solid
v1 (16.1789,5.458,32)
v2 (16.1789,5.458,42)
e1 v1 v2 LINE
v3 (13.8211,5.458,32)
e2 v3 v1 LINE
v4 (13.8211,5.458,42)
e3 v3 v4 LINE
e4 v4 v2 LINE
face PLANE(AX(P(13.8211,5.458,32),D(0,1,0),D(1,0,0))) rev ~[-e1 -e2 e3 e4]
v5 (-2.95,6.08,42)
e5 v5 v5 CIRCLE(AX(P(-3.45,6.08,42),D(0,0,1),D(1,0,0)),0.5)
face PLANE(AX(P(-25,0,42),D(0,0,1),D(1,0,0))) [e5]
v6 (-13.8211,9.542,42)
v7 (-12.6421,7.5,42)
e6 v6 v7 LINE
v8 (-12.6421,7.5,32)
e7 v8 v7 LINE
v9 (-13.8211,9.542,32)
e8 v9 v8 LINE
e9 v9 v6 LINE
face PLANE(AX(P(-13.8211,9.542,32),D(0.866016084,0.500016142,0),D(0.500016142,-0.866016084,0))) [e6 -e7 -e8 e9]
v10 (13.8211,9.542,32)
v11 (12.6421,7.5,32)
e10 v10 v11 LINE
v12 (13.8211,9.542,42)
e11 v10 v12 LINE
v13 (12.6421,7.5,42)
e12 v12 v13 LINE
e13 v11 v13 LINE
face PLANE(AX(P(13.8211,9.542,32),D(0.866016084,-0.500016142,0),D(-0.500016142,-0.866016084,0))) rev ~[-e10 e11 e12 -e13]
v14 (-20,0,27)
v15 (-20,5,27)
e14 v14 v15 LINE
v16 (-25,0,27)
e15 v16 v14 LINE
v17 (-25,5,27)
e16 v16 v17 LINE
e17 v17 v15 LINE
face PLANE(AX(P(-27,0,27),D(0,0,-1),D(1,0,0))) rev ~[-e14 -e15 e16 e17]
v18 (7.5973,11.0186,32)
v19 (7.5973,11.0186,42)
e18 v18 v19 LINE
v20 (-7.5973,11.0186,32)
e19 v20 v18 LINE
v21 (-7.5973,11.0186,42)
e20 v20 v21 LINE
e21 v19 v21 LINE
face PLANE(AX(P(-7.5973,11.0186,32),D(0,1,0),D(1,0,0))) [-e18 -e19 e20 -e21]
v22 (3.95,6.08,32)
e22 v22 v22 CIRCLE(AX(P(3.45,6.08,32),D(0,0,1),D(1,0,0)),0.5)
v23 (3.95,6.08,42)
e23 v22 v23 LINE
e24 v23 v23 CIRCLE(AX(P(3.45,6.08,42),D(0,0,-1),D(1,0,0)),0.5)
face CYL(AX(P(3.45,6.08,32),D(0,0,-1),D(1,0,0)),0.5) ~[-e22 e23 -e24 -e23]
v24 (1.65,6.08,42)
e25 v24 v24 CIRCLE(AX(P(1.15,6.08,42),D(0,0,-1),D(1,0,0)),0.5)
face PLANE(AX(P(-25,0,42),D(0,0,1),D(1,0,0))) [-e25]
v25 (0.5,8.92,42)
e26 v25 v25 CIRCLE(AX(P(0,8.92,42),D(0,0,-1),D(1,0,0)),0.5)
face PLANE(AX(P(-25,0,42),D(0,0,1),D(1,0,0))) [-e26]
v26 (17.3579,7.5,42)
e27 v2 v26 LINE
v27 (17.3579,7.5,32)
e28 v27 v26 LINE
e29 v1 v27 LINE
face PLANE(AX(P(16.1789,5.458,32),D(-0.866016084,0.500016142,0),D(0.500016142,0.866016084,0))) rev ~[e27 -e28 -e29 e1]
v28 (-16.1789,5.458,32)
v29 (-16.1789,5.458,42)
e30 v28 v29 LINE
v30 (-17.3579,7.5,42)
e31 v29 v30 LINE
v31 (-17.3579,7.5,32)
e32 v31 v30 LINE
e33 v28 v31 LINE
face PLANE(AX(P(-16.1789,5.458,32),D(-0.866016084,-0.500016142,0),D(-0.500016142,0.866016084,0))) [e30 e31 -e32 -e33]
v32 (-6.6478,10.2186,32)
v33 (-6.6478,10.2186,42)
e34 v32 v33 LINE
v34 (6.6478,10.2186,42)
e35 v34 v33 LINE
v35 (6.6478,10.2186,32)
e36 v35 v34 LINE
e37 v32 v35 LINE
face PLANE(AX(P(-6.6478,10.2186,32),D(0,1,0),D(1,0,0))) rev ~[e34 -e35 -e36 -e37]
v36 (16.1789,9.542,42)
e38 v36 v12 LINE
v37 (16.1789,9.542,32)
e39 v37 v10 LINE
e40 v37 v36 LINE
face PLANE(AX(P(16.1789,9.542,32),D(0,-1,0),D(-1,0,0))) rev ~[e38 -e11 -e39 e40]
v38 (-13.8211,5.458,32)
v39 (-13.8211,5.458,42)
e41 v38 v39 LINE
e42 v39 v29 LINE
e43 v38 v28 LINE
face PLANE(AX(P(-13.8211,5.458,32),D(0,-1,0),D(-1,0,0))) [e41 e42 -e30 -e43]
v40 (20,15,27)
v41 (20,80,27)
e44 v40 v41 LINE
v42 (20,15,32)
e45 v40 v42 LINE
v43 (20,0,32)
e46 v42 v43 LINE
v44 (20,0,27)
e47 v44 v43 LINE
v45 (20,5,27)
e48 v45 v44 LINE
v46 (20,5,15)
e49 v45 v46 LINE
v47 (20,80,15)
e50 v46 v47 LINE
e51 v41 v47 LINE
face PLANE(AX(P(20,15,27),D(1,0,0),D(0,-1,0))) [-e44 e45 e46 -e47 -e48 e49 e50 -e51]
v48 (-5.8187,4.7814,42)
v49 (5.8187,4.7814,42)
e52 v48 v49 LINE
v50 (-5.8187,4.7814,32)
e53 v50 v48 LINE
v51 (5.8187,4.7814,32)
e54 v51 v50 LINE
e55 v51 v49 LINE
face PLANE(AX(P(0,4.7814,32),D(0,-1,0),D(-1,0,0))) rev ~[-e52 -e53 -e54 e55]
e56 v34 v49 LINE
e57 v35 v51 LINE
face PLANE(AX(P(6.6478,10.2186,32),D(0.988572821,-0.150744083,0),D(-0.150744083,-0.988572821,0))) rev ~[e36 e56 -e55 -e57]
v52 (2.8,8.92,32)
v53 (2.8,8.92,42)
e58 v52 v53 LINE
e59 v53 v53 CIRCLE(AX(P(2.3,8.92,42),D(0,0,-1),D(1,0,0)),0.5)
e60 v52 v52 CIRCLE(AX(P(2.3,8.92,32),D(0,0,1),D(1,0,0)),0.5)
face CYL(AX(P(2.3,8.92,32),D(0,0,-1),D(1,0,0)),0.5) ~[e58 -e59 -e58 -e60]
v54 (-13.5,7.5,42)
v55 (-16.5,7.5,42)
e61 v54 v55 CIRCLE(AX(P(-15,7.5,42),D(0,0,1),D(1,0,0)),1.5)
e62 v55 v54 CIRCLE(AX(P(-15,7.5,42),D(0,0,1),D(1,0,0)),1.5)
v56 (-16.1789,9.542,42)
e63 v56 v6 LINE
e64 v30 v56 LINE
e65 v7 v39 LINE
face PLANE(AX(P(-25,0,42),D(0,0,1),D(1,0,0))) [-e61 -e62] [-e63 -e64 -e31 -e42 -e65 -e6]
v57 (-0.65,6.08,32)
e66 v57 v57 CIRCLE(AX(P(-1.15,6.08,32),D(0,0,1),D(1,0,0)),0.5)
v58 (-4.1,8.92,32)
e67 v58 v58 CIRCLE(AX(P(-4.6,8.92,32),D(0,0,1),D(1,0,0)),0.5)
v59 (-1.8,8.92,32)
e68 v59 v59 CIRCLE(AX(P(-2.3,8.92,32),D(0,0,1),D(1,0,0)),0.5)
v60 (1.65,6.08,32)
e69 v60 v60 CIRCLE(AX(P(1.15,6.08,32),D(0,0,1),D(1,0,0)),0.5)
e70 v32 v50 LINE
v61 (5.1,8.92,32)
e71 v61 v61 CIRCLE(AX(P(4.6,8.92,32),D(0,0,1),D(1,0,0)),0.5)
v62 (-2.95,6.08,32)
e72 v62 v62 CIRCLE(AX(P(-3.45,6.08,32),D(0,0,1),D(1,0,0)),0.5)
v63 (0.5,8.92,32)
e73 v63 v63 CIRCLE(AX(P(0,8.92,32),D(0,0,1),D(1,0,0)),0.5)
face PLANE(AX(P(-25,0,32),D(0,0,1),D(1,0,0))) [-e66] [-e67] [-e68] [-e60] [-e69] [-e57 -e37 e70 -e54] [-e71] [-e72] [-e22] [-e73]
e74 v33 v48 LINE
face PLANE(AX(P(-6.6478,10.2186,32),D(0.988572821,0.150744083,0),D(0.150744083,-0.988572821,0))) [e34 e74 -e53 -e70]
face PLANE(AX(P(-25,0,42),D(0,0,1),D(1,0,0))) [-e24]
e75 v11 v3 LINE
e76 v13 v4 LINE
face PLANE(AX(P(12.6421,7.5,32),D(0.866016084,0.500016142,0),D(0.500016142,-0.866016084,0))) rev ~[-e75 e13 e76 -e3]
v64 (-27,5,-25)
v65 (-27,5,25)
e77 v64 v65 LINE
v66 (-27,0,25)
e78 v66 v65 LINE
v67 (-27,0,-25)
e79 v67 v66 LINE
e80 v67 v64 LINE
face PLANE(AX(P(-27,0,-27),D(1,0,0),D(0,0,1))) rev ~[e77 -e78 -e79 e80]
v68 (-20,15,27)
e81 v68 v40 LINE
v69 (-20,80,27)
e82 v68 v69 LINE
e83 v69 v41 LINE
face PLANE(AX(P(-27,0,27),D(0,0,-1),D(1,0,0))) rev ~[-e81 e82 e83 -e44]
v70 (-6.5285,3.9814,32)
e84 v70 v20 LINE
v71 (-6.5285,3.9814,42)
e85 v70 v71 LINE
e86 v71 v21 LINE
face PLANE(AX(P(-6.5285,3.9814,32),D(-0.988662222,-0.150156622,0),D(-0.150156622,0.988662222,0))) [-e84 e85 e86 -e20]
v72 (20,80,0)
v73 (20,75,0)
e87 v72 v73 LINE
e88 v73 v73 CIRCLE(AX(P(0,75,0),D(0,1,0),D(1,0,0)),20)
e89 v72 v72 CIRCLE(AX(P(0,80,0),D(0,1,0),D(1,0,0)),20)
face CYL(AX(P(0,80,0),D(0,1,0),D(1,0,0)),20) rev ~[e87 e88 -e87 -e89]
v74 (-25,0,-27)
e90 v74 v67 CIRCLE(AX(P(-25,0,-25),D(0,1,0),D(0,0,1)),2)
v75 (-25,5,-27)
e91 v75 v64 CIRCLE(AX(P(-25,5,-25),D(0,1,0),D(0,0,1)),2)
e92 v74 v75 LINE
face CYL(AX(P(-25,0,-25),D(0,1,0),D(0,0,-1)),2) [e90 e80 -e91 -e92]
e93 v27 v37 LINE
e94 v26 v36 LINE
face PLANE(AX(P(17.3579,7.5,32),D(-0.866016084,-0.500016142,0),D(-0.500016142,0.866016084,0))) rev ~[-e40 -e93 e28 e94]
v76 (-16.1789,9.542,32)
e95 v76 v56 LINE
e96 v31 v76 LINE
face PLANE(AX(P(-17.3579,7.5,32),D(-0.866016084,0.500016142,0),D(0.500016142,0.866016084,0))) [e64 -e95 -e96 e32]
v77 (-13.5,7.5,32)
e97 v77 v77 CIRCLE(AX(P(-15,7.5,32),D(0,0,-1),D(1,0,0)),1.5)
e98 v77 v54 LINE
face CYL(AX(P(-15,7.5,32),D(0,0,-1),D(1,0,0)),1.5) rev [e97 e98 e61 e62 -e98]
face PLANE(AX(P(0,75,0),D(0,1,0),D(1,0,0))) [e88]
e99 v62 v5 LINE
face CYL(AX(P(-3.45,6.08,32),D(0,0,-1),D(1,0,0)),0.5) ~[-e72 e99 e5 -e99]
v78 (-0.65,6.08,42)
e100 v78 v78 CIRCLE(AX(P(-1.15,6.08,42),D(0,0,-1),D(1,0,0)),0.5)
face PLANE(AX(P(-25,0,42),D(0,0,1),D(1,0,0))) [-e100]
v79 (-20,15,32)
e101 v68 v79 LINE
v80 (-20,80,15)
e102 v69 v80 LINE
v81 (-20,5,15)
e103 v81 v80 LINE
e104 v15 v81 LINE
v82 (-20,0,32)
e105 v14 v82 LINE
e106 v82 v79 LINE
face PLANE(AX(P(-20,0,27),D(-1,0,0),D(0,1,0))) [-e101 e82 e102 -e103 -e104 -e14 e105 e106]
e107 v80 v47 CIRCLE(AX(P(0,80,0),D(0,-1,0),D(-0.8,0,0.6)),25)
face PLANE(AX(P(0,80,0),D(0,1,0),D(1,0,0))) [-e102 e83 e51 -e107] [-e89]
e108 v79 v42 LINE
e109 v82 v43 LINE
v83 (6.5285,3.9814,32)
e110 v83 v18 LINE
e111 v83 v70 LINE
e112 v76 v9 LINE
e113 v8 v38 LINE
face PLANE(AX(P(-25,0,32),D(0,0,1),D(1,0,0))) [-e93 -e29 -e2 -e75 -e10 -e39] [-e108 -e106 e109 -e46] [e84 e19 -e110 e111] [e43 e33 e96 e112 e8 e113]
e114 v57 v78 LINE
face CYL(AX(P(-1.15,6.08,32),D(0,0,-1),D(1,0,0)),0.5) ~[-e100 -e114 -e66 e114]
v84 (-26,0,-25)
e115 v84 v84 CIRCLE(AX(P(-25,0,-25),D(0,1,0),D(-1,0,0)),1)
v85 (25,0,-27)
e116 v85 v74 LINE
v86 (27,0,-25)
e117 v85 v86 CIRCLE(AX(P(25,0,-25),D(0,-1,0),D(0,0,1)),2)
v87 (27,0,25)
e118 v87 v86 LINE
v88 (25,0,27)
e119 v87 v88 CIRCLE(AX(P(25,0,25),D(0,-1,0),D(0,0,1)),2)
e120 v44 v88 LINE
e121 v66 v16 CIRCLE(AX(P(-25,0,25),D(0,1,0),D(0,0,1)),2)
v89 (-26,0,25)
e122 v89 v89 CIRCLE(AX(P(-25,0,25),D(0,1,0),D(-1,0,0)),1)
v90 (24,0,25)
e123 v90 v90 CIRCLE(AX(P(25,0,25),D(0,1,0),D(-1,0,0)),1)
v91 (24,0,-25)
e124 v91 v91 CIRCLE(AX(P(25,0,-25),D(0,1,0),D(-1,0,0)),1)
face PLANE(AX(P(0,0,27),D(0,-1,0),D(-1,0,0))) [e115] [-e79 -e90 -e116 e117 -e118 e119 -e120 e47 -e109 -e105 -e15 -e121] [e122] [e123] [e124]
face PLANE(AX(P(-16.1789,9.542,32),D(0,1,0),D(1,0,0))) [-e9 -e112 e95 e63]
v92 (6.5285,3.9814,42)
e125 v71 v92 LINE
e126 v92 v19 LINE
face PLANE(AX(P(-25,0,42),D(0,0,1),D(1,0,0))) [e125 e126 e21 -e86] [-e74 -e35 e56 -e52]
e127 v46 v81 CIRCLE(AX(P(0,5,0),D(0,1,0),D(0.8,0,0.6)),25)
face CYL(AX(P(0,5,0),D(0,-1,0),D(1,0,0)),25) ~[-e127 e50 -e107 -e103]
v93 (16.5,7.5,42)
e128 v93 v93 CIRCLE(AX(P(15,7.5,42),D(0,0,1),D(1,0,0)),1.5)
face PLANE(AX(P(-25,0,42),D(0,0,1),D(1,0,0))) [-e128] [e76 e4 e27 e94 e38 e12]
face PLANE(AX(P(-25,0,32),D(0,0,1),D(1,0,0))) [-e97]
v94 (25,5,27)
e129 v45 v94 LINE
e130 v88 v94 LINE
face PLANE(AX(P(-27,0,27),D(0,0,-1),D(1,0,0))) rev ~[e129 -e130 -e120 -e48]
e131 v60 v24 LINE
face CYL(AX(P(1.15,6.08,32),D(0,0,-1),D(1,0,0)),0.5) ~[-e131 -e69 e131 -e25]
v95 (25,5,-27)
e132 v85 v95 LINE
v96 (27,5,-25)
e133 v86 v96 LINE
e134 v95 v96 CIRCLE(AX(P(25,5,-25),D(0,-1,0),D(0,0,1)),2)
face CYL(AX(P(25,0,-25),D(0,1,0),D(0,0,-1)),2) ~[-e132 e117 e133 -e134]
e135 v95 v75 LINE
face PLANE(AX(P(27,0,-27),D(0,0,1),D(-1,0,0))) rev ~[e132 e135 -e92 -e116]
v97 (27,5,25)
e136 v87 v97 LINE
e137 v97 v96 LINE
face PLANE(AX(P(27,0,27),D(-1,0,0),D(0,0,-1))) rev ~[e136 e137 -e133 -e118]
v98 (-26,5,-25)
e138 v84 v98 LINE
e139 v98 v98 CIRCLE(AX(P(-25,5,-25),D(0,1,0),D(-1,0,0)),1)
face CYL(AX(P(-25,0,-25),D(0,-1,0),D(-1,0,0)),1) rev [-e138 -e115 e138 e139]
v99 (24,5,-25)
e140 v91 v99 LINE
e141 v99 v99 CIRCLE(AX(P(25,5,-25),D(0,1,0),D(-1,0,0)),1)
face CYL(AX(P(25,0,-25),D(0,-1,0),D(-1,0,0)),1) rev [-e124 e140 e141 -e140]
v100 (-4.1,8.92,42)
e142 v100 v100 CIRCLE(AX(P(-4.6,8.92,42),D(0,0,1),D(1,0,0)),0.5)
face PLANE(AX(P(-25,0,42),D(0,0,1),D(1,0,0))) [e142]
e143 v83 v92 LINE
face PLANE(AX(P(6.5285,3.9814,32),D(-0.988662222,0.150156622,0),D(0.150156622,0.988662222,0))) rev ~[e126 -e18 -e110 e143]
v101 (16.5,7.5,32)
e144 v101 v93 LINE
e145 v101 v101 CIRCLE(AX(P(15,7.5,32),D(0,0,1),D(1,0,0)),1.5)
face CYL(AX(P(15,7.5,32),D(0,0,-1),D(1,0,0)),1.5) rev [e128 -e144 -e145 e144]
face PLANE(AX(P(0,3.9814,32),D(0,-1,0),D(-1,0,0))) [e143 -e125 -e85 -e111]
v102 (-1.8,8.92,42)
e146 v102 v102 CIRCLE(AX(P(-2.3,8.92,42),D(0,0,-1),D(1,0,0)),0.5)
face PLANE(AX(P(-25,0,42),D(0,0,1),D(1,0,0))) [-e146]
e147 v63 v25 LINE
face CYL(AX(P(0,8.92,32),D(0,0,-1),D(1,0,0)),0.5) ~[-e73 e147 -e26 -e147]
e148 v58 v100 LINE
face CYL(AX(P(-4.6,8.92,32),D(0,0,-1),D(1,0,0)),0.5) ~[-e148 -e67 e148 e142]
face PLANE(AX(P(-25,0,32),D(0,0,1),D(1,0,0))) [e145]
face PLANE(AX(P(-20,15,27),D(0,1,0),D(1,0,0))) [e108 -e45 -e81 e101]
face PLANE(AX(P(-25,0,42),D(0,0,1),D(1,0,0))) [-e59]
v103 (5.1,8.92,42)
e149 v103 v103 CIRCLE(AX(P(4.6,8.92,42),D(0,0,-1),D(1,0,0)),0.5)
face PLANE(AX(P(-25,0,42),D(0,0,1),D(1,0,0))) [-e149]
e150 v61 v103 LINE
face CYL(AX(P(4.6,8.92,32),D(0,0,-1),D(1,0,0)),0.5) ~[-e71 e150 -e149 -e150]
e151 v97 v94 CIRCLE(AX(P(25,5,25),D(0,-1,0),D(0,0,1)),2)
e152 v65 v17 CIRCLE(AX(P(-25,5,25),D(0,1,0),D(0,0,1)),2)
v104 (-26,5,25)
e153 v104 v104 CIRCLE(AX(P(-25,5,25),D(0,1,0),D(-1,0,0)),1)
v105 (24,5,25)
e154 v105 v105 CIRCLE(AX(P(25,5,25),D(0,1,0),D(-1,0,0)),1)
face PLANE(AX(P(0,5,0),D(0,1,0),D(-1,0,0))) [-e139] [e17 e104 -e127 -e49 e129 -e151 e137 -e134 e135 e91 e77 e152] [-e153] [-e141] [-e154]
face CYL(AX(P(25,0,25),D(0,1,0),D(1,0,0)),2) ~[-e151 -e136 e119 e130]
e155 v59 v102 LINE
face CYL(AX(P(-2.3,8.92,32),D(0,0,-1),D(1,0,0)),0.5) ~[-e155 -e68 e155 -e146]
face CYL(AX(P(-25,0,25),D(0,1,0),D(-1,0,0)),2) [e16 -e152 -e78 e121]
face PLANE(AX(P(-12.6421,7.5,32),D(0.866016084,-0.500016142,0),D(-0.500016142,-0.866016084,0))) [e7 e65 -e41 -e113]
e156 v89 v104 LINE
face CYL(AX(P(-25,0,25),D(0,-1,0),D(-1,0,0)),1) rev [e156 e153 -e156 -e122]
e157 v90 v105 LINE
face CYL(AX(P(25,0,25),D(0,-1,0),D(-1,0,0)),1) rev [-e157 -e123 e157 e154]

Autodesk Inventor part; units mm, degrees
sketch "Sketch1" plane through (0, 0, 0) normal (0, 1, 0) x (-1, 0, 0)
  line L0 (27, 27) -> (-27, 27)
  line L1 (-27, 27) -> (-27, -27)
  line L2 (-27, -27) -> (27, -27)
  line L3 (27, -27) -> (27, 27)
  line L4 (27, 27) -> (-27, -27) construction
  line L5 (-27, 27) -> (27, -27) construction
  circle A0 centre (25, 25) radius 1
  circle A1 centre (25, -25) radius 1
  circle A2 centre (-25, -25) radius 1
  circle A3 centre (-25, 25) radius 1
  point P0 (0, 0)
  dimension "d0" = 54
  dimension "d1" = 54
  dimension "d2" = 2
  dimension "d3" = 2
  dimension "d4" = 2
  dimension "d5" = 2
extrude "Extrusion1" add sketch "Sketch1" along normal blind 5
fillet "Fillet1" radius 2 1 edges at (27, 2.5, -27)
fillet "Fillet2" radius 2 3 edges at (-27, 2.5, -27) (-27, 2.5, 27) (27, 2.5, 27)
ref_plane "Work Plane1" through (0, 5, 0) normal (0, 1, 0) x (1, 0, 0)
sketch "Sketch3" plane through (0, 5, 0) normal (0, 1, 0) x (1, 0, 0)
  circle A0 centre (0, 0) radius 25
  line L0 (-25, -27) -> (25, -27) projected
  line L1 (0, -27) -> (20, -27)
  line L2 (20, -27) -> (20, -15)
  line L3 (0, -27) -> (-20, -27)
  line L4 (-20, -27) -> (-20, -15)
  dimension "d11" = 50
  dimension "d12" = 20
  dimension "d13" = 20
extrude "Extrusion2" add sketch "Sketch3" along normal blind 75
ref_plane "Work Plane2" through (0, 80, 0) normal (0, 1, 0) x (1, 0, 0)
sketch "Sketch4" plane through (0, 80, 0) normal (0, 1, 0) x (1, 0, 0)
  circle A0 centre (0, 0) radius 20
  dimension "d17" = 40
extrude "Extrusion3" cut sketch "Sketch4" against normal blind 5
ref_plane "Work Plane3" through (-25, 0, 27) normal (0, 0, 1) x (1, 0, 0)
sketch "Sketch5" plane through (-25, 0, 27) normal (0, 0, 1) x (1, 0, 0)
  line L0 (25, 0) -> (25, 7.5)
  line L1 (5, 15) -> (45, 15)
  line L2 (45, 15) -> (45, 0)
  line L3 (45, 0) -> (5, 0)
  line L4 (5, 0) -> (5, 15)
  line L5 (5, 15) -> (45, 0) construction
  line L6 (45, 15) -> (5, 0) construction
  dimension "d21" = 7.5
  dimension "d22" = 40
  dimension "d23" = 15
extrude "Extrusion4" add sketch "Sketch5" along normal blind 5
ref_plane "Work Plane4" through (-25, 0, 32) normal (0, 0, 1) x (1, 0, 0)
sketch "Sketch6" plane through (-25, 0, 32) normal (0, 0, 1) x (1, 0, 0)
  line L0 (25, 7.5) -> (25, 8.92)
  circle A0 centre (25, 8.92) radius 0.5
  line L1 (25, 8.92) -> (27.3, 8.92)
  line L2 (27.3, 8.92) -> (29.6, 8.92)
  line L3 (25, 8.92) -> (22.7, 8.92)
  line L4 (22.7, 8.92) -> (20.4, 8.92)
  circle A1 centre (20.4, 8.92) radius 0.5
  circle A2 centre (27.3, 8.92) radius 0.5
  circle A3 centre (22.7, 8.92) radius 0.5
  circle A4 centre (29.6, 8.92) radius 0.5
  line L5 (25, 7.5) -> (25, 6.08)
  line L6 (26.15, 6.08) -> (25, 6.08)
  line L7 (23.85, 6.08) -> (25, 6.08)
  circle A5 centre (26.15, 6.08) radius 0.5
  circle A6 centre (23.85, 6.08) radius 0.5
  line L8 (23.85, 6.08) -> (21.55, 6.08)
  line L9 (26.15, 6.08) -> (28.45, 6.08)
  circle A7 centre (28.45, 6.08) radius 0.5
  circle A8 centre (21.55, 6.08) radius 0.5
  line L10 (18.3522, 10.2186) -> (31.6478, 10.2186)
  line L11 (30.8187, 4.7814) -> (19.1813, 4.7814)
  line L12 (31.6478, 10.2186) -> (30.8187, 4.7814)
  line L13 (18.3522, 10.2186) -> (19.1813, 4.7814)
  line L14 (25, 10.2186) -> (25, 11.0186)
  line L15 (25, 4.7814) -> (25, 3.9814)
  line L16 (25, 3.9814) -> (31.5285, 3.9814)
  line L17 (31.5285, 3.9814) -> (32.5973, 11.0186)
  line L18 (32.5973, 11.0186) -> (25, 11.0186)
  line L19 (25, 3.9814) -> (18.4715, 3.9814)
  line L20 (18.4715, 3.9814) -> (17.4027, 11.0186)
  line L21 (17.4027, 11.0186) -> (25, 11.0186)
  point P0 (25, 0)
  dimension "d30" = 1
  dimension "d33" = 1
  dimension "d34" = 1
  dimension "d35" = 1
  dimension "d36" = 1
  dimension "d38" = 1
  dimension "d39" = 1
  dimension "d40" = 1
  dimension "d41" = 1
  dimension "d44" = 0.8
extrude "Extrusion5" add sketch "Sketch6" along normal blind 10 contours A1 | A3 L4 L3 | L3 L4 A3 | A4 | A2 L2 L1 | L1 L2 A2 | A0 L3 L0 | L0 L1 A0 | A7 | A5 L9 L6 | L6 L9 A5 | A8 | A6 L8 L7 | L7 L8 A6 | L3 A0 L1 | L13 L11 L15 L19 L20 L21 L14 L10 | L14 L18 L17 L16 L15 L11 L12 L10
sketch "Sketch7" plane through (-25, 0, 32) normal (0, 0, 1) x (1, 0, 0)
  line L0 (5, 15) -> (5, 0) projected
  line L1 (5, 7.5) -> (10, 7.5)
  circle A0 centre (10, 7.5) radius 1.5
  line L2 (12.3579, 7.5) -> (11.1789, 5.458)
  line L3 (11.1789, 5.458) -> (8.8211, 5.458)
  line L4 (8.8211, 5.458) -> (7.6421, 7.5)
  line L5 (7.6421, 7.5) -> (8.8211, 9.542)
  line L6 (8.8211, 9.542) -> (11.1789, 9.542)
  line L7 (11.1789, 9.542) -> (12.3579, 7.5)
  line L8 (25, 0) -> (25, 2.1902)
  circle A1 centre (40, 7.5) radius 1.5
  line L9 (37.6421, 7.5) -> (38.8211, 5.458)
  line L10 (38.8211, 5.458) -> (41.1789, 5.458)
  line L11 (41.1789, 5.458) -> (42.3579, 7.5)
  line L12 (42.3579, 7.5) -> (41.1789, 9.542)
  line L13 (41.1789, 9.542) -> (38.8211, 9.542)
  line L14 (38.8211, 9.542) -> (37.6421, 7.5)
  dimension "d48" = 5
  dimension "d49" = 3
extrude "Extrusion6" add sketch "Sketch7" along normal blind 10
properties part number "sensor 1"
